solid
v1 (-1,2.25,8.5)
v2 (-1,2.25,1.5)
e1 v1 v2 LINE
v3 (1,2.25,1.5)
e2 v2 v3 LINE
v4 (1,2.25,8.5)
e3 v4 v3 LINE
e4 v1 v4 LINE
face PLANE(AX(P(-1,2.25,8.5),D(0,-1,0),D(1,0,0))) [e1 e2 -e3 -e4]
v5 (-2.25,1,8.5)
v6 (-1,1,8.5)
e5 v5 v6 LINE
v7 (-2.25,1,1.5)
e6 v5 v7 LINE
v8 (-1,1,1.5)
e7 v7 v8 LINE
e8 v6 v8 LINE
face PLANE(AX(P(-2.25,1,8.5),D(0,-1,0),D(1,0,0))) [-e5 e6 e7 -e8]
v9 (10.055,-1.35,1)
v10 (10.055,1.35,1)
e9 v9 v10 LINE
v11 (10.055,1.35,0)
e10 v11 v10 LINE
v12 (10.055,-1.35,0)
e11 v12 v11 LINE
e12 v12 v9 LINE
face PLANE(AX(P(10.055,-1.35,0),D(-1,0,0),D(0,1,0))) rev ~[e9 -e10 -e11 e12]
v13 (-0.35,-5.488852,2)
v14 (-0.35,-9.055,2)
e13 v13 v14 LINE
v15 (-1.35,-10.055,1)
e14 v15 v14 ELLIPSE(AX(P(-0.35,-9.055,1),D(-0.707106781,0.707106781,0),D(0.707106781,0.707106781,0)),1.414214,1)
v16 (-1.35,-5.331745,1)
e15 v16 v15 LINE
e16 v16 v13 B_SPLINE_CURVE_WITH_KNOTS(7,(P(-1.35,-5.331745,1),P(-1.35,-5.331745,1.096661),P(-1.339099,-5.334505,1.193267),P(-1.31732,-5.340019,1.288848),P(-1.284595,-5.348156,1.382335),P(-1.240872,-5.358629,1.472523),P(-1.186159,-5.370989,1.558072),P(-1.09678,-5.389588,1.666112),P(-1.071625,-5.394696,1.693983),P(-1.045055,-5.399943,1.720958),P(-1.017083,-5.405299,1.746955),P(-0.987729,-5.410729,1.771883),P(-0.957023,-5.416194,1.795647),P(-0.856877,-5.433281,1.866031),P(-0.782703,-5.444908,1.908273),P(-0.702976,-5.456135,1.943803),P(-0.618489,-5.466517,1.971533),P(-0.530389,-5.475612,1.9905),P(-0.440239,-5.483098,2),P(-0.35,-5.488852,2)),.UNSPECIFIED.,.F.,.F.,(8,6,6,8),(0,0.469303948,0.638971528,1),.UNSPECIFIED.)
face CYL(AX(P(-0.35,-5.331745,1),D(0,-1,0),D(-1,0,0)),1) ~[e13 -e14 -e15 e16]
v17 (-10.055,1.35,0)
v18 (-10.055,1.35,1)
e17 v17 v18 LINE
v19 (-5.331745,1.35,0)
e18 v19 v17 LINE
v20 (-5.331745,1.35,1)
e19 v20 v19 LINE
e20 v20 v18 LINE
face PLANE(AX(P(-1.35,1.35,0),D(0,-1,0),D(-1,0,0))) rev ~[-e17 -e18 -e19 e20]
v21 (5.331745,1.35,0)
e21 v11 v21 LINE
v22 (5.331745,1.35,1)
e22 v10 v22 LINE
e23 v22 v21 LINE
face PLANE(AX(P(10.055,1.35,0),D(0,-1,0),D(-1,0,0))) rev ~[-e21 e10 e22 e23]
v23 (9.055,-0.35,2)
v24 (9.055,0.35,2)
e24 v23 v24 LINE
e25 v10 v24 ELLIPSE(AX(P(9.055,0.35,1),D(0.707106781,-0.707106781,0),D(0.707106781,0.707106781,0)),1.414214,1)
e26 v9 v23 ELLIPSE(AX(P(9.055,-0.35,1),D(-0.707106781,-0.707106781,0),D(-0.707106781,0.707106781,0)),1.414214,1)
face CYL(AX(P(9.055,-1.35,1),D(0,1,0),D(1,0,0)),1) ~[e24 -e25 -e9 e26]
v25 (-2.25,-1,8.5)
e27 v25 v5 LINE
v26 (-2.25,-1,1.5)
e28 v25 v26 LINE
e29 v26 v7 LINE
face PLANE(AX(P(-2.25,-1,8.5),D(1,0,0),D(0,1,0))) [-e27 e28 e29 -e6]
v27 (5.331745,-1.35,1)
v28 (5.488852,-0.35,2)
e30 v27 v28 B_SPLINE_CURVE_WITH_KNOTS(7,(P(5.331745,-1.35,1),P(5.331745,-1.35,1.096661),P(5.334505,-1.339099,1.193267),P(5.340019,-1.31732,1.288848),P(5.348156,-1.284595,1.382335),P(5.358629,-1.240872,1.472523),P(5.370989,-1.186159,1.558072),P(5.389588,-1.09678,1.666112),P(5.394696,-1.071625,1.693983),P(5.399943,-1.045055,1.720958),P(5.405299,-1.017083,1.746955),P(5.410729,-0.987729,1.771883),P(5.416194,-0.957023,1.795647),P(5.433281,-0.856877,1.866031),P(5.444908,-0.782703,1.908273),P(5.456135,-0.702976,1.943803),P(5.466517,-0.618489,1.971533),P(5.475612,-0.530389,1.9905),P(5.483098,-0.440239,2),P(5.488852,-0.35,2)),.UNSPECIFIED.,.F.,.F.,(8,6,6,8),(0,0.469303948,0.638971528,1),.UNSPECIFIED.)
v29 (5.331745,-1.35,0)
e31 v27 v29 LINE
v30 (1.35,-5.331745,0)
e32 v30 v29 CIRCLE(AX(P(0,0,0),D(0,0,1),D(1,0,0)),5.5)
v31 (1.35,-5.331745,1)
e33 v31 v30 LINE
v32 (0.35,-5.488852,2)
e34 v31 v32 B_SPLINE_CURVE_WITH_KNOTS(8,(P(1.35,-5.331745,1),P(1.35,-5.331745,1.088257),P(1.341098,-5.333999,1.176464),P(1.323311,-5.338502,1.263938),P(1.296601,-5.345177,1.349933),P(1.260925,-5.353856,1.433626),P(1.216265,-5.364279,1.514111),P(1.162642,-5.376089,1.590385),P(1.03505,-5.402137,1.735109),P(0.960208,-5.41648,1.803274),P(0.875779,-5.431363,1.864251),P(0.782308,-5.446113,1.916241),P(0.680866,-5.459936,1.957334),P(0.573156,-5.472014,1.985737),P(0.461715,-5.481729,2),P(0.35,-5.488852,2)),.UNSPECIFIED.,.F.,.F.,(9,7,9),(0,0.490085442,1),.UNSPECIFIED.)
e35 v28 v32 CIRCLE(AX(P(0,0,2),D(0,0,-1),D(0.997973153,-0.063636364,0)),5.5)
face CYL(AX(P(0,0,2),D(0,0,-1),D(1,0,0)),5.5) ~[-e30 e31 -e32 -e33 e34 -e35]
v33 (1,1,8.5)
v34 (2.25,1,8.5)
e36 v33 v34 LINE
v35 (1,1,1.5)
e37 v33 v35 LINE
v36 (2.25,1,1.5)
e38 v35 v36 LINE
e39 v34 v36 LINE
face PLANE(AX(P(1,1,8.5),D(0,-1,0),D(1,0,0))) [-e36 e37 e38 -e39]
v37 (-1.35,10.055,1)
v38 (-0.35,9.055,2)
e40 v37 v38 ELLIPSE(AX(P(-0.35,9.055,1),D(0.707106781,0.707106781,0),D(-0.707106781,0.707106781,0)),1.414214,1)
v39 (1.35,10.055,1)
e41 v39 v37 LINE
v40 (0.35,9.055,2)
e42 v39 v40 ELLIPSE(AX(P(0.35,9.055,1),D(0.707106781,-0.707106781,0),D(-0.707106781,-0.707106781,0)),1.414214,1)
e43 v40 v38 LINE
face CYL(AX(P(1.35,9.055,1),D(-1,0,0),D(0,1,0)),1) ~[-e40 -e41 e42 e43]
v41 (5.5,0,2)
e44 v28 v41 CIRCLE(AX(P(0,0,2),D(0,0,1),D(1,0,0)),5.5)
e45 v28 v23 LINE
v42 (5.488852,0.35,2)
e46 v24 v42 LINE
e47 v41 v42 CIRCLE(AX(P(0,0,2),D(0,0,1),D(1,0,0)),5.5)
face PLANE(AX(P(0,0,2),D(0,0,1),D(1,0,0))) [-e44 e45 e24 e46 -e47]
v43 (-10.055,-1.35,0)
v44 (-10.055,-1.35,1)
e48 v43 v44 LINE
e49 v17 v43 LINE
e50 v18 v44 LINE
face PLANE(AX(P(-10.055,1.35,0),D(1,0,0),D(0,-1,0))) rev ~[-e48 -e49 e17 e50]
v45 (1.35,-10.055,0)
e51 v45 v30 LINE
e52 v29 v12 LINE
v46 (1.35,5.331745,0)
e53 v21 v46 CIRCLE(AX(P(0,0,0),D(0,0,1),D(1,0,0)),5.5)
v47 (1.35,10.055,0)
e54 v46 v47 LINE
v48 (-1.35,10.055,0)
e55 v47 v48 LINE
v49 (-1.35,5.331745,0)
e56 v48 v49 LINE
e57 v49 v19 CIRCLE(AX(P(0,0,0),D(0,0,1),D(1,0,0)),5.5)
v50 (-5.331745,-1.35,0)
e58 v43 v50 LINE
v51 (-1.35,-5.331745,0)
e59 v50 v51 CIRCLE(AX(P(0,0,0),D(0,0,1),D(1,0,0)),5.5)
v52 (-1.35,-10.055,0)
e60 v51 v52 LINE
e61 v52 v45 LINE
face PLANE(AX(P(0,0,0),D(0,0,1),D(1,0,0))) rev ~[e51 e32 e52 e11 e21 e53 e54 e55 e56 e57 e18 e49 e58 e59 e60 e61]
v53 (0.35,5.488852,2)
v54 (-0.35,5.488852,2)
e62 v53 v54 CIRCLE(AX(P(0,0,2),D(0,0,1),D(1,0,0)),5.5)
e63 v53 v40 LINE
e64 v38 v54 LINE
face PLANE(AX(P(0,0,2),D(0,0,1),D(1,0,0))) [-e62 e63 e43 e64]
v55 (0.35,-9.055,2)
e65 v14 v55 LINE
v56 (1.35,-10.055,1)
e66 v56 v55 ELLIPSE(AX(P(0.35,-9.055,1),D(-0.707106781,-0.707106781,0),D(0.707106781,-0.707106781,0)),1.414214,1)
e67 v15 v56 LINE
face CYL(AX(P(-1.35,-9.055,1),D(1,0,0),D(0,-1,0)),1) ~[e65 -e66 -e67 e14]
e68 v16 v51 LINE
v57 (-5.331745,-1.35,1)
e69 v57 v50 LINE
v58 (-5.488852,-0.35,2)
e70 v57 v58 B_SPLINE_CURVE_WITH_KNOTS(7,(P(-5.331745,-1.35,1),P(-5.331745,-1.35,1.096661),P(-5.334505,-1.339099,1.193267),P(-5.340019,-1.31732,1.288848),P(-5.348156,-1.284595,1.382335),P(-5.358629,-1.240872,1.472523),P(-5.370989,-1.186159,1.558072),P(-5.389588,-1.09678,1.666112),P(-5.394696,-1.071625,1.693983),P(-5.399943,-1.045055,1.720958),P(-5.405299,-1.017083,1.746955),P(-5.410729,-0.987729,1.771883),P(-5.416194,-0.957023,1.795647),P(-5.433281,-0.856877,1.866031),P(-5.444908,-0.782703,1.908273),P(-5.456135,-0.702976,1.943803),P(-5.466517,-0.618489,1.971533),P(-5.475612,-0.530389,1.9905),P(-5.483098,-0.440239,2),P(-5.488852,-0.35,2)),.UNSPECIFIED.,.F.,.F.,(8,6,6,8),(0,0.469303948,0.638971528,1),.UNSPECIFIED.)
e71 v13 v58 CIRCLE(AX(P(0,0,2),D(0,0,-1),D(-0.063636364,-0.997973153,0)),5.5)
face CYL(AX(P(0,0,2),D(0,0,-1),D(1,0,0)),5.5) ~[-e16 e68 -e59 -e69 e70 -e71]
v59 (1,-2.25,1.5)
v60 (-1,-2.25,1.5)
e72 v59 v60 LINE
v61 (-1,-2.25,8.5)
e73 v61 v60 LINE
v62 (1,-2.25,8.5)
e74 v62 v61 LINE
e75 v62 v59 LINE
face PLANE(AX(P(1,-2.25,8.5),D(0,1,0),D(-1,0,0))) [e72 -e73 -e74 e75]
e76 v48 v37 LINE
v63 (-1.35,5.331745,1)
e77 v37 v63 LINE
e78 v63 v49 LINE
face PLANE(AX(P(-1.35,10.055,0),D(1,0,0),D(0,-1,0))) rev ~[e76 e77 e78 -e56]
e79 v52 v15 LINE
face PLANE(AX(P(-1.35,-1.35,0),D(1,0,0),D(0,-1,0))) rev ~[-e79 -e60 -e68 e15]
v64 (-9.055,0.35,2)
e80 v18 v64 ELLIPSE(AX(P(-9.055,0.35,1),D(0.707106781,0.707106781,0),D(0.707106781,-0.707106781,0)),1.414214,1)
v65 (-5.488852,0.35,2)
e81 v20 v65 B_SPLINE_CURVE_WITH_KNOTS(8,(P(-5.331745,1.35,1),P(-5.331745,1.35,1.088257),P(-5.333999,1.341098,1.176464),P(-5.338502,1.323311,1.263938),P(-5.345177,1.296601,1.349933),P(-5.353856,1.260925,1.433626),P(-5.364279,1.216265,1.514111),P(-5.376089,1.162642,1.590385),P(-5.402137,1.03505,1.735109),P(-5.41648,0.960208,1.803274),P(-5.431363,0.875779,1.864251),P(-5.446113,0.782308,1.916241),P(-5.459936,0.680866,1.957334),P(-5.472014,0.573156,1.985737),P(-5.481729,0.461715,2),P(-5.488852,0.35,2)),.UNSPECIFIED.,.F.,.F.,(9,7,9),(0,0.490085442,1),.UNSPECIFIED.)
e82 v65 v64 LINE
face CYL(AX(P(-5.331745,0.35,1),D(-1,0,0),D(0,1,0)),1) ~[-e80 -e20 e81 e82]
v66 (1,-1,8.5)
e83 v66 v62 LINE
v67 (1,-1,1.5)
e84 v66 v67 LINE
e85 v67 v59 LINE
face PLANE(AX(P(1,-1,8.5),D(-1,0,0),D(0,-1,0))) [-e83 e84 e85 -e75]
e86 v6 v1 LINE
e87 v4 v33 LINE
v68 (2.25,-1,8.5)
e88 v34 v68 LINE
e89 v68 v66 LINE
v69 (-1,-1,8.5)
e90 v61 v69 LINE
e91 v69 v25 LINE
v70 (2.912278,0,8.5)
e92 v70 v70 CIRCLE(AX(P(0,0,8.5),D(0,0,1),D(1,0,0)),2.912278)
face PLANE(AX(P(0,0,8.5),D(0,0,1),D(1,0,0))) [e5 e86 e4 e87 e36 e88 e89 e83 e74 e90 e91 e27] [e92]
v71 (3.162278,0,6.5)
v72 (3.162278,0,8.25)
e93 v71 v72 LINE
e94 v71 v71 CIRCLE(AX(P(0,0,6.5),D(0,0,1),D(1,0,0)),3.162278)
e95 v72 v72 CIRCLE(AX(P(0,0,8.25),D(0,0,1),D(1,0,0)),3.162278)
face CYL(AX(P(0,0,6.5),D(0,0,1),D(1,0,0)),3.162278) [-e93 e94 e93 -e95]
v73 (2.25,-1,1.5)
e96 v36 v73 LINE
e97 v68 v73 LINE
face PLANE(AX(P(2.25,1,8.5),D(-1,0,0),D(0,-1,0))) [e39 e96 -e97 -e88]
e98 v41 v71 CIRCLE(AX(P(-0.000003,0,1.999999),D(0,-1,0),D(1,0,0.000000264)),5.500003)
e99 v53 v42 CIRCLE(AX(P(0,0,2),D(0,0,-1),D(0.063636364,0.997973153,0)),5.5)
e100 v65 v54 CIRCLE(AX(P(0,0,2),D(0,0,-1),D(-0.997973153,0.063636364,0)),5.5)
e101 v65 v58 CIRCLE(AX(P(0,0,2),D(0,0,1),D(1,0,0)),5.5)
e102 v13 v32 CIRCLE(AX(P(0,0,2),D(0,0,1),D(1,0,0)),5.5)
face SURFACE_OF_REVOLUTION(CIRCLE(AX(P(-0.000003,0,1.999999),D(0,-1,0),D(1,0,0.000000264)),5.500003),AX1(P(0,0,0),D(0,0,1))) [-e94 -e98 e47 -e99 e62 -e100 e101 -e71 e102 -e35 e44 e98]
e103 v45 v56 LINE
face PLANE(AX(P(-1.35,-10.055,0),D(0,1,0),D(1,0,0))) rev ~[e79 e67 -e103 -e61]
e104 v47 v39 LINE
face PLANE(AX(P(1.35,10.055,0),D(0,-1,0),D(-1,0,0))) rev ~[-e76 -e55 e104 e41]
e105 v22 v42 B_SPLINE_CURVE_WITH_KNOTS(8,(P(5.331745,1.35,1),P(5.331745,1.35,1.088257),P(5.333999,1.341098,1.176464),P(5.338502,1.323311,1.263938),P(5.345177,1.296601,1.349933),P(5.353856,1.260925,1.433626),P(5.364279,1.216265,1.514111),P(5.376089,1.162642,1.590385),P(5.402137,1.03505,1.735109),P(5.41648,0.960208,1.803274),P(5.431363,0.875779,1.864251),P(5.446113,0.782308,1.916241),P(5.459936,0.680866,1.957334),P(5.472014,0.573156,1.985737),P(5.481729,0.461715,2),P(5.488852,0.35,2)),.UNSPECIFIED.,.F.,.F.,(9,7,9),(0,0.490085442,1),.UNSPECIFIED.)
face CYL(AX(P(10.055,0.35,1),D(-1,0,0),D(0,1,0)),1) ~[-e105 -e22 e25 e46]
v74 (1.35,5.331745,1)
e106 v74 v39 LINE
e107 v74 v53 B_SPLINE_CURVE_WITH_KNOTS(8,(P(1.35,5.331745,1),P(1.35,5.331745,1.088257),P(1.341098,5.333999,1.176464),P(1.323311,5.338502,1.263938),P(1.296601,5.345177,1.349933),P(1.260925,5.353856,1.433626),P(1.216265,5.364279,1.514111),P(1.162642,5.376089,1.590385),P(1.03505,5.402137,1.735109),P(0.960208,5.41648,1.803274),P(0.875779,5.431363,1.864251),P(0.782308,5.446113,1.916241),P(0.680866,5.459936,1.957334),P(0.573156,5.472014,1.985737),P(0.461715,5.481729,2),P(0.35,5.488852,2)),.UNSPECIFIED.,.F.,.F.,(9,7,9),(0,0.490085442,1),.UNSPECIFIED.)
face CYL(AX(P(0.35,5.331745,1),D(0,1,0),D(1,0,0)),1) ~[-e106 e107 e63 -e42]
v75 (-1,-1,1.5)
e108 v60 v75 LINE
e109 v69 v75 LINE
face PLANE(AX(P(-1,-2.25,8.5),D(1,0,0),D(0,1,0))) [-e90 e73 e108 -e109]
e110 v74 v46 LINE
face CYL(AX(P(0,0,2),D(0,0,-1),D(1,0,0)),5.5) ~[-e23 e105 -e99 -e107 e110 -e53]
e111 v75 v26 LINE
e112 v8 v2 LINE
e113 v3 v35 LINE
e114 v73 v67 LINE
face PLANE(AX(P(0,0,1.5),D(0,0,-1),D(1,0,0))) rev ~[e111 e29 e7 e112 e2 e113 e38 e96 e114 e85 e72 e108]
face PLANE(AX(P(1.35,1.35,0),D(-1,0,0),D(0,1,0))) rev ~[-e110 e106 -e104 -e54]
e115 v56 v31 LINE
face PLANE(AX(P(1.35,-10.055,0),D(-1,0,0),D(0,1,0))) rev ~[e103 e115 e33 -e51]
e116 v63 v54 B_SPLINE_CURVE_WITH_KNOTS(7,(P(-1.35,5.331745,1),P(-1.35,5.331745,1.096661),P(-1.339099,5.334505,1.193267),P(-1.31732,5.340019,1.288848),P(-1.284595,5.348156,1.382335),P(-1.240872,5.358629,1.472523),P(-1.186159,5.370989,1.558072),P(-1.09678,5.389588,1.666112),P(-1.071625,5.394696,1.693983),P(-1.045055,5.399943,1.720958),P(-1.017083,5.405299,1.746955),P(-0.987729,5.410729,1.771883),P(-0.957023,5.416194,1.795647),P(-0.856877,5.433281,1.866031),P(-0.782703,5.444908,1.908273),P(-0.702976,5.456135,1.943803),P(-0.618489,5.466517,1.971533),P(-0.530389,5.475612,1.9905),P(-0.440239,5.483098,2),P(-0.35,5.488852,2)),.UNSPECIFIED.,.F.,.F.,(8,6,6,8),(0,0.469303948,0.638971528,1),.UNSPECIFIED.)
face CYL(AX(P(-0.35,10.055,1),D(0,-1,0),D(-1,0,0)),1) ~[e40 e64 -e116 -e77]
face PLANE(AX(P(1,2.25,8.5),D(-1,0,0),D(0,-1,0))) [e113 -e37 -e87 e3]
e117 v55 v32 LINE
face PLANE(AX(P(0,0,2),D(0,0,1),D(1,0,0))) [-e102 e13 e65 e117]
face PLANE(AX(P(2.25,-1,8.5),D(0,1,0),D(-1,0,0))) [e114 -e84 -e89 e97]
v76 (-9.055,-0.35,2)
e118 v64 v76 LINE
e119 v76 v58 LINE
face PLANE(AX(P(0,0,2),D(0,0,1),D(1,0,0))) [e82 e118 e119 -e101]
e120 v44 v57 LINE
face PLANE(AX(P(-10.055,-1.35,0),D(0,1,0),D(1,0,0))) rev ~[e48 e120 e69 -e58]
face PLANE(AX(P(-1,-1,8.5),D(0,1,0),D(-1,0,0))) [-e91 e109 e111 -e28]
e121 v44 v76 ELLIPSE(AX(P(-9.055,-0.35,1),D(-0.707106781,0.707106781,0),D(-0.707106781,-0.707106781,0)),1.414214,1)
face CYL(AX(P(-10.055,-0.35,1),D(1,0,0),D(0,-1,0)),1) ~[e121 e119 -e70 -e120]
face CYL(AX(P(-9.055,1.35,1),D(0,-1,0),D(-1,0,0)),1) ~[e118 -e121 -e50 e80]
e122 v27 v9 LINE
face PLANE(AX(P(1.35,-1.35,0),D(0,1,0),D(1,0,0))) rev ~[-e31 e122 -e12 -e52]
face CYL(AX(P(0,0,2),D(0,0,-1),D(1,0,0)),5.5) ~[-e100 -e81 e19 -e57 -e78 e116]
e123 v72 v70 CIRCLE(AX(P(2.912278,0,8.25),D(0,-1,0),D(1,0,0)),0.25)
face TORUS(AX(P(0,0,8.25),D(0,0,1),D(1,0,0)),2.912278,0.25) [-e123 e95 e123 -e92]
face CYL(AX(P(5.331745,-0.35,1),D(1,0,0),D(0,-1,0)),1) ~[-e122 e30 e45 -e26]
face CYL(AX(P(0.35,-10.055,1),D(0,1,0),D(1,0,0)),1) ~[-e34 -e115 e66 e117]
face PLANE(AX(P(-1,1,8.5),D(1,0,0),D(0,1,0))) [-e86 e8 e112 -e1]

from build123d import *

# Parameters (mm, degrees)
PAD_DEPTH    = 2
POCKET_DEPTH = 7
FILLET004_R  = 1
FILLET005_R  = 0.25


with BuildPart() as arms:
    # Sketch → Pad (new body)
    with BuildSketch(Plane.XY):
        Polygon((-10.055, 1.35), (-10.055, -1.35), (-1.35, -1.35), (-1.35, -10.055), (1.35, -10.055), (1.35, -1.35), (10.055, -1.35), (10.055, 1.35), (1.35, 1.35), (1.35, 10.055), (-1.35, 10.055), (-1.35, 1.35), align=None)
    extrude(amount=PAD_DEPTH)


with BuildPart() as rotation_center_ball:
    # Sketch001 → Revolution (revolve)
    with BuildSketch(Plane.XZ):
        with BuildLine():
            Line((5.5, 2), (5.5, 0))
            Line((5.5, 0), (0, 0))
            Line((0, 8.5), (0, 0))
            Line((3.162278, 8.5), (0, 8.5))
            Line((3.162278, 6.5), (3.162278, 8.5))
            ThreePointArc((5.5, 2), (4.880703, 4.535495), (3.162278, 6.5))
        make_face()
    revolve(axis=Axis((0, 0, 0), (0, 0, 1)))

    # Boolean: union Arms
    add(arms.part)

    # Sketch002 (on ShapeBinder) → Pocket (cut)
    with BuildSketch(Plane(origin=(0, 0, 8.5), x_dir=(-1, 0, 0), z_dir=(0, 0, 1))):
        Polygon((-2.25, 1), (-1, 1), (-1, 2.25), (1, 2.25), (1, 1), (2.25, 1), (2.25, -1), (1, -1), (1, -2.25), (-1, -2.25), (-1, -1), (-2.25, -1), align=None)
    extrude(amount=-POCKET_DEPTH, mode=Mode.SUBTRACT)

    # Fillet004
    fillet004_edges = [rotation_center_ball.edges().sort_by_distance(p)[0] for p in [
        (0, 10.055, 2),
        (10.055, 0, 2),
        (-10.055, 0, 2),
        (0, -10.055, 2),
        (-7.693372, -1.35, 2),
        (-7.693372, 1.35, 2),
        (-1.35, -7.693372, 2),
        (1.35, -7.693372, 2),
        (7.693372, -1.35, 2),
        (7.693372, 1.35, 2),
        (-1.35, 7.693372, 2),
        (1.35, 7.693372, 2),
    ]]
    fillet(fillet004_edges, radius=FILLET004_R)

    # Fillet005
    fillet005_edges = [rotation_center_ball.edges().sort_by_distance(p)[0] for p in [
        (-3.162278, 0, 8.5),
    ]]
    fillet(fillet005_edges, radius=FILLET005_R)


solid = rotation_center_ball.part
